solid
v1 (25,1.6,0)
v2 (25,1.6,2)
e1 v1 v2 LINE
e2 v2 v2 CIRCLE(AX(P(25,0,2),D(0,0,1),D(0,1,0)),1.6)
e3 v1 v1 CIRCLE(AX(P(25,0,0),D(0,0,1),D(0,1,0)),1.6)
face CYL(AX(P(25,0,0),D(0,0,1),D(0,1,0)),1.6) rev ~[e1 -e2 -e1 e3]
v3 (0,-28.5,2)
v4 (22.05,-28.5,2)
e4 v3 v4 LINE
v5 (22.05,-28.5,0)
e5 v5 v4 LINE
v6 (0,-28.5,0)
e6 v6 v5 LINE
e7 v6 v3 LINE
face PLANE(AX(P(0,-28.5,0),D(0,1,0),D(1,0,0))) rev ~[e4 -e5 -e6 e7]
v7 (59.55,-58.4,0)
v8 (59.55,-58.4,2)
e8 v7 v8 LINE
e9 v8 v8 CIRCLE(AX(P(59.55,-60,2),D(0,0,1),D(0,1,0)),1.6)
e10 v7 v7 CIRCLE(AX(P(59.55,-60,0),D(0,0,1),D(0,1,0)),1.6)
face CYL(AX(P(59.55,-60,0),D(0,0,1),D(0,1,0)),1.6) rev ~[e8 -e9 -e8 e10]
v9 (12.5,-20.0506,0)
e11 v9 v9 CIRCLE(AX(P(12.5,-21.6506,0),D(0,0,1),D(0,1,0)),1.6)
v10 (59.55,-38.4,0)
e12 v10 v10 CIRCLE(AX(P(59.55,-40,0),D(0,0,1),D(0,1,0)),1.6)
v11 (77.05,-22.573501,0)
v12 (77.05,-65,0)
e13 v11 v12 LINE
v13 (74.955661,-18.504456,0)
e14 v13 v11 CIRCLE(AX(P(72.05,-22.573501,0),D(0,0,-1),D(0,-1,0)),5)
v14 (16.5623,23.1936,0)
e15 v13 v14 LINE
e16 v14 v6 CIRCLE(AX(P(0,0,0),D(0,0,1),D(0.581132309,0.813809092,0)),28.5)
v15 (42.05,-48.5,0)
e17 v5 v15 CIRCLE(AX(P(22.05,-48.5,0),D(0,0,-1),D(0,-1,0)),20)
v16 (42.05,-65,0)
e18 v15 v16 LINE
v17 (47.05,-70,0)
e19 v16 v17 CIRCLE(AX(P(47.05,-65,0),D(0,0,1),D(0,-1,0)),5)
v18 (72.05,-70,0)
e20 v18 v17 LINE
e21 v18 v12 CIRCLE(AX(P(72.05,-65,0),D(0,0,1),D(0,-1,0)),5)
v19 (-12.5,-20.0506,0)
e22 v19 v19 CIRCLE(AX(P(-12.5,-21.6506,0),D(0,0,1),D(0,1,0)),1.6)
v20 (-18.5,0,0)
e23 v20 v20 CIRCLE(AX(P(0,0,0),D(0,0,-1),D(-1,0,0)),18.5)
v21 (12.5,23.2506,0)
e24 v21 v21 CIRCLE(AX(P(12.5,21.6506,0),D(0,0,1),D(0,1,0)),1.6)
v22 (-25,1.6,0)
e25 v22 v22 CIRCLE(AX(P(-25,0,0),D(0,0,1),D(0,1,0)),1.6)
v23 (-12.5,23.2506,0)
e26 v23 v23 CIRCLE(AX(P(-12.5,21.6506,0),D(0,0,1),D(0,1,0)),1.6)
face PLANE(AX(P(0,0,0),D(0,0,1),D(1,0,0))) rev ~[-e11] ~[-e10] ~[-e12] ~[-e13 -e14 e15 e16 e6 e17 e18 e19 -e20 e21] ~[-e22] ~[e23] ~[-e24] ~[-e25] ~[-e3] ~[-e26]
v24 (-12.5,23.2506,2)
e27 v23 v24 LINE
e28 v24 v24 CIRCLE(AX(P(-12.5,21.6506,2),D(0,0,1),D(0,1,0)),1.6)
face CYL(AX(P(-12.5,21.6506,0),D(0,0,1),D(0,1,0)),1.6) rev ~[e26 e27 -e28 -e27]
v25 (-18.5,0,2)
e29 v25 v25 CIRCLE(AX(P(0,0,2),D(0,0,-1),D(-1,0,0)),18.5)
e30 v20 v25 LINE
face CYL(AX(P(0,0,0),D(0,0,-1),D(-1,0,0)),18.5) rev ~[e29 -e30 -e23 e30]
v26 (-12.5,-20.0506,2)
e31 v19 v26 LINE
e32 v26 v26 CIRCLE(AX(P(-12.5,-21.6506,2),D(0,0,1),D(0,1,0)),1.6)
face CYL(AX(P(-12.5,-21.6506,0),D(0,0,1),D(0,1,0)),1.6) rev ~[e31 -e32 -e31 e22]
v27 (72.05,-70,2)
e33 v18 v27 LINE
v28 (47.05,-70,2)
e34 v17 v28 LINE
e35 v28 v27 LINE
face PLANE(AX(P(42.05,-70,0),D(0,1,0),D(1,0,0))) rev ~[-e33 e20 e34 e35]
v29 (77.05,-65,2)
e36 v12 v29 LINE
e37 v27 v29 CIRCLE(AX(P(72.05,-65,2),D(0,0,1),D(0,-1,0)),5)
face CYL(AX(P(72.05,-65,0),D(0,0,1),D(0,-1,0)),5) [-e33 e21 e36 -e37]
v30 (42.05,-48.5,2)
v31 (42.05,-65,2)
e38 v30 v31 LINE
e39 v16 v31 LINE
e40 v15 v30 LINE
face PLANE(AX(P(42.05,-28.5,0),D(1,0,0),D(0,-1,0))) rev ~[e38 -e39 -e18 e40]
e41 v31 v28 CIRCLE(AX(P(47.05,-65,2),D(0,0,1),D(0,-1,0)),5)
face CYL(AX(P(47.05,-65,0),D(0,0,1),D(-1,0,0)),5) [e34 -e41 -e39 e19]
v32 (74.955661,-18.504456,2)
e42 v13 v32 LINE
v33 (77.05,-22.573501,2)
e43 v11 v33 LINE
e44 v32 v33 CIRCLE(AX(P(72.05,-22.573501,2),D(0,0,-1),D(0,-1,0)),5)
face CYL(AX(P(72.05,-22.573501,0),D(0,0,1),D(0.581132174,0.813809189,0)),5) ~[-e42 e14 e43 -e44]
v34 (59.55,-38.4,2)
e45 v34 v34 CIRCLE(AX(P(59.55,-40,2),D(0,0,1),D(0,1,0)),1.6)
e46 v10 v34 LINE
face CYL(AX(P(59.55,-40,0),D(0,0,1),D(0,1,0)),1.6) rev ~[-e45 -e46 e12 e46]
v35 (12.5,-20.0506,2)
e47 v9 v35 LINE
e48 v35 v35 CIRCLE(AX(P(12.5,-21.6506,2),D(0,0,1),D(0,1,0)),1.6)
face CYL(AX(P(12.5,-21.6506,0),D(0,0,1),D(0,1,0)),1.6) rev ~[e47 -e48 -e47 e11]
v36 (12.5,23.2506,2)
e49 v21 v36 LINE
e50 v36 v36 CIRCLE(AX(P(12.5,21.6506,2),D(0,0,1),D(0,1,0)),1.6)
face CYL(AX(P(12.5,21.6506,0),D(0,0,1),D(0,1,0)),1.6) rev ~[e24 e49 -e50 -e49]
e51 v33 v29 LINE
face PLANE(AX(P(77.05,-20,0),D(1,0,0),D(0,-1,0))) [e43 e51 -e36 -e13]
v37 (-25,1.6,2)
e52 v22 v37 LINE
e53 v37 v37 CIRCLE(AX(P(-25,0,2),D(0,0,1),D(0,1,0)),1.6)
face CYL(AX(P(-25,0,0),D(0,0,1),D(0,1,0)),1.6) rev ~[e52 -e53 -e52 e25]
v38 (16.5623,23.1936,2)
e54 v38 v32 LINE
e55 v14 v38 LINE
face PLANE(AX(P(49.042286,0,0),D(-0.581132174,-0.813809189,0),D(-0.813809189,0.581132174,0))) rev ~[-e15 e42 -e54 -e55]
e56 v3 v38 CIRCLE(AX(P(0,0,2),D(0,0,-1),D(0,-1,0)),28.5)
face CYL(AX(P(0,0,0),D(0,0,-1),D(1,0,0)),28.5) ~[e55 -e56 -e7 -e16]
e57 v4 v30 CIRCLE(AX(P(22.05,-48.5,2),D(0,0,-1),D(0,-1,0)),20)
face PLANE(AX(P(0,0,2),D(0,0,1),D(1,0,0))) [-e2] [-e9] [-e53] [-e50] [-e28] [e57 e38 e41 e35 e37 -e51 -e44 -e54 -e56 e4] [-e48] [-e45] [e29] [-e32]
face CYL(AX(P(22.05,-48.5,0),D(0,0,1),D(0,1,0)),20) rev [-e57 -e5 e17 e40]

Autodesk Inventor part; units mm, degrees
ref_plane "YZ Plane" through (0, 0, 0) normal (1, 0, 0) x (0, 1, 0)
ref_plane "XZ Plane" through (0, 0, 0) normal (0, 1, 0) x (-1, 0, 0)
ref_plane "XY Plane" through (0, 0, 0) normal (0, 0, 1) x (1, 0, 0)
sketch "スケッチ1" plane through (0, 0, 0) normal (0, 0, 1) x (1, 0, 0)
  circle A0 centre (0, 0) radius 28.5
  line L0 (0, 0) -> (59.55, 0)
  line L1 (59.55, 0) -> (42.05, 0)
  line L2 (42.05, 0) -> (42.05, -70)
  line L3 (42.05, -70) -> (59.55, -70)
  line L4 (59.55, -70) -> (59.55, 0)
  line L5 (77.05, 0) -> (77.05, -70)
  line L6 (77.05, -70) -> (59.55, -70)
  line L7 (77.05, 0) -> (59.55, 0)
  line L8 (42.05, -70) -> (-17.7725, -22.2798)
  line L9 (77.05, -20) -> (42.05, -20)
  line L10 (77.05, -20) -> (16.5623, 23.1936)
  point P0 (42.05, 0)
  point P1 (28.5, 0)
  dimension "d0" = 57
  dimension "d1" = 59.55
  dimension "d2" = 17.5
  dimension "d3" = 70
  dimension "d31" = 50
extrude "押し出し1" add sketch "スケッチ1" along normal blind 2 contours A0 | L0 L2 L8 A0 | A0 L10 L0 | L0 L10 L4 L9 L2 | L2 L9 L4 L3 | L10 L9 L4 | L4 L9 L5 L6
sketch "スケッチ2" plane through (0, 0, 0) normal (0, 0, -1) x (-1, 0, 0)
  circle A0 centre (0, 0) radius 18.5
  dimension "d6" = 37
extrude "押し出し2" cut sketch "スケッチ2" against normal blind 2
sketch "スケッチ3" plane through (0, 0, 0) normal (0, 0, -1) x (-1, 0, 0)
  arc A0 (17.7725, -22.2798) -> (-16.5623, 23.1936) centre (0, 0) ccw projected
  circle A1 centre (0, 0) radius 25
  line L0 (0, 0) -> (0, 28.5)
  line L1 (0, 0) -> (12.5, 21.6506)
  point P0 (-19.257, 34.2013)
  point P1 (12.5, 21.6506)
  point P2 (-12.5, 21.6506)
  point P3 (-25, 0)
  point P4 (-12.5, -21.6506)
  point P5 (12.5, -21.6506)
  point P6 (25, 0)
  point P7 (-39.25, 0)
  dimension "d9" = 50
  dimension "d12" = 360
  dimension "d47" = 30
hole "穴1" at (-12.5, 21.6506, 0) at (12.5, 21.6506, 0) at (25, 0, 0) at (12.5, -21.6506, 0) at (-12.5, -21.6506, 0) at (-25, 0, 0) direction (0, 0, 1) diameter 3.2 end through all
sketch "スケッチ4" plane through (0, 0, 0) normal (0, 0, -1) x (-1, 0, 0)
  line L0 (-77.05, -70) -> (-77.05, -20) projected
  line L1 (17.7725, -22.2798) -> (-42.05, -70) projected
  line L2 (-42.05, -70) -> (-82.05, -70)
  line L3 (-77.05, -20) -> (-42.05, -20)
  line L4 (-42.05, -20) -> (-42.05, -70)
  line L5 (-42.05, -70) -> (-77.05, -70)
  line L6 (-77.05, -70) -> (-77.05, -20)
  line L7 (-59.55, -20) -> (-59.55, -70)
  point P0 (0, 0)
  point P1 (-59.55, -40)
  point P2 (-59.55, -60)
  dimension "d32" = 20
  dimension "d33" = 20
hole "穴2" at (59.55, -40, 0) at (59.55, -60, 0) direction (0, 0, 1) diameter 3.2 end through all
sketch "スケッチ5" plane through (0, 0, 0) normal (0, 0, -1) x (-1, 0, 0)
  arc A0 (17.7725, -22.2798) -> (-16.5623, 23.1936) centre (0, 0) ccw projected
  circle A1 centre (0, 0) radius 28.5
  line L0 (0, -28.5) -> (-42.05, -28.5)
  line L1 (17.7725, -22.2798) -> (-42.05, -70) projected
  line L2 (-42.05, -28.5) -> (-42.05, -70)
  point P0 (17.7725, -22.2798)
  point P1 (-2.7683, -39.25)
  point P2 (-16.5623, 23.1936)
  point P3 (17.7725, -22.2798)
  dimension "d35" = 57
extrude "押し出し3" cut sketch "スケッチ5" against normal blind 2 contours L1 L2 L0 A1
fillet "フィレット2" radius 20 1 edges at (42.05, -28.5, 1)
fillet "フィレット3" radius 5 3 edges at (42.05, -70, 1) (77.05, -70, 1) (77.05, -20, 1)
sketch "スケッチ6" plane through (0, 0, 0) normal (0, 0, -1) x (-1, 0, 0)
  circle A0 centre (12.5, 21.6506) radius 1.6 projected
  circle A1 centre (12.5, 21.6506) radius 3
  circle A2 centre (-12.5, 21.6506) radius 3
  circle A3 centre (-25, 0) radius 3
  circle A4 centre (-12.5, -21.6506) radius 3
  circle A5 centre (12.5, -21.6506) radius 3
  circle A6 centre (25, 0) radius 3
  point P0 (0, 0)
  dimension "d40" = 6
  dimension "d43" = 360
extrude "押し出し4" [suppressed]
equation "\"d1\" = Sside"
equation "\"BendRadius\" = Thickness"
equation "\"BendReliefWidth\" = Thickness"
equation "\"BendReliefDepth\" = 0.5 * Thickness"
equation "\"CornerReliefSize\" = 4 * Thickness"
equation "\"MinimumRemnant\" = 2 * Thickness"
equation "\"TransitionRadius\" = BendRadius"
equation "\"JacobiRadiusSize\" = BendRadius"
equation "\"GapSize\" = Thickness"
equation "\"Sside\" = 59.55"
equation "\"Thickness\" = 3.048"
properties part number "upperarm_fixplate1_forR0" material "アルミニウム 6061"
